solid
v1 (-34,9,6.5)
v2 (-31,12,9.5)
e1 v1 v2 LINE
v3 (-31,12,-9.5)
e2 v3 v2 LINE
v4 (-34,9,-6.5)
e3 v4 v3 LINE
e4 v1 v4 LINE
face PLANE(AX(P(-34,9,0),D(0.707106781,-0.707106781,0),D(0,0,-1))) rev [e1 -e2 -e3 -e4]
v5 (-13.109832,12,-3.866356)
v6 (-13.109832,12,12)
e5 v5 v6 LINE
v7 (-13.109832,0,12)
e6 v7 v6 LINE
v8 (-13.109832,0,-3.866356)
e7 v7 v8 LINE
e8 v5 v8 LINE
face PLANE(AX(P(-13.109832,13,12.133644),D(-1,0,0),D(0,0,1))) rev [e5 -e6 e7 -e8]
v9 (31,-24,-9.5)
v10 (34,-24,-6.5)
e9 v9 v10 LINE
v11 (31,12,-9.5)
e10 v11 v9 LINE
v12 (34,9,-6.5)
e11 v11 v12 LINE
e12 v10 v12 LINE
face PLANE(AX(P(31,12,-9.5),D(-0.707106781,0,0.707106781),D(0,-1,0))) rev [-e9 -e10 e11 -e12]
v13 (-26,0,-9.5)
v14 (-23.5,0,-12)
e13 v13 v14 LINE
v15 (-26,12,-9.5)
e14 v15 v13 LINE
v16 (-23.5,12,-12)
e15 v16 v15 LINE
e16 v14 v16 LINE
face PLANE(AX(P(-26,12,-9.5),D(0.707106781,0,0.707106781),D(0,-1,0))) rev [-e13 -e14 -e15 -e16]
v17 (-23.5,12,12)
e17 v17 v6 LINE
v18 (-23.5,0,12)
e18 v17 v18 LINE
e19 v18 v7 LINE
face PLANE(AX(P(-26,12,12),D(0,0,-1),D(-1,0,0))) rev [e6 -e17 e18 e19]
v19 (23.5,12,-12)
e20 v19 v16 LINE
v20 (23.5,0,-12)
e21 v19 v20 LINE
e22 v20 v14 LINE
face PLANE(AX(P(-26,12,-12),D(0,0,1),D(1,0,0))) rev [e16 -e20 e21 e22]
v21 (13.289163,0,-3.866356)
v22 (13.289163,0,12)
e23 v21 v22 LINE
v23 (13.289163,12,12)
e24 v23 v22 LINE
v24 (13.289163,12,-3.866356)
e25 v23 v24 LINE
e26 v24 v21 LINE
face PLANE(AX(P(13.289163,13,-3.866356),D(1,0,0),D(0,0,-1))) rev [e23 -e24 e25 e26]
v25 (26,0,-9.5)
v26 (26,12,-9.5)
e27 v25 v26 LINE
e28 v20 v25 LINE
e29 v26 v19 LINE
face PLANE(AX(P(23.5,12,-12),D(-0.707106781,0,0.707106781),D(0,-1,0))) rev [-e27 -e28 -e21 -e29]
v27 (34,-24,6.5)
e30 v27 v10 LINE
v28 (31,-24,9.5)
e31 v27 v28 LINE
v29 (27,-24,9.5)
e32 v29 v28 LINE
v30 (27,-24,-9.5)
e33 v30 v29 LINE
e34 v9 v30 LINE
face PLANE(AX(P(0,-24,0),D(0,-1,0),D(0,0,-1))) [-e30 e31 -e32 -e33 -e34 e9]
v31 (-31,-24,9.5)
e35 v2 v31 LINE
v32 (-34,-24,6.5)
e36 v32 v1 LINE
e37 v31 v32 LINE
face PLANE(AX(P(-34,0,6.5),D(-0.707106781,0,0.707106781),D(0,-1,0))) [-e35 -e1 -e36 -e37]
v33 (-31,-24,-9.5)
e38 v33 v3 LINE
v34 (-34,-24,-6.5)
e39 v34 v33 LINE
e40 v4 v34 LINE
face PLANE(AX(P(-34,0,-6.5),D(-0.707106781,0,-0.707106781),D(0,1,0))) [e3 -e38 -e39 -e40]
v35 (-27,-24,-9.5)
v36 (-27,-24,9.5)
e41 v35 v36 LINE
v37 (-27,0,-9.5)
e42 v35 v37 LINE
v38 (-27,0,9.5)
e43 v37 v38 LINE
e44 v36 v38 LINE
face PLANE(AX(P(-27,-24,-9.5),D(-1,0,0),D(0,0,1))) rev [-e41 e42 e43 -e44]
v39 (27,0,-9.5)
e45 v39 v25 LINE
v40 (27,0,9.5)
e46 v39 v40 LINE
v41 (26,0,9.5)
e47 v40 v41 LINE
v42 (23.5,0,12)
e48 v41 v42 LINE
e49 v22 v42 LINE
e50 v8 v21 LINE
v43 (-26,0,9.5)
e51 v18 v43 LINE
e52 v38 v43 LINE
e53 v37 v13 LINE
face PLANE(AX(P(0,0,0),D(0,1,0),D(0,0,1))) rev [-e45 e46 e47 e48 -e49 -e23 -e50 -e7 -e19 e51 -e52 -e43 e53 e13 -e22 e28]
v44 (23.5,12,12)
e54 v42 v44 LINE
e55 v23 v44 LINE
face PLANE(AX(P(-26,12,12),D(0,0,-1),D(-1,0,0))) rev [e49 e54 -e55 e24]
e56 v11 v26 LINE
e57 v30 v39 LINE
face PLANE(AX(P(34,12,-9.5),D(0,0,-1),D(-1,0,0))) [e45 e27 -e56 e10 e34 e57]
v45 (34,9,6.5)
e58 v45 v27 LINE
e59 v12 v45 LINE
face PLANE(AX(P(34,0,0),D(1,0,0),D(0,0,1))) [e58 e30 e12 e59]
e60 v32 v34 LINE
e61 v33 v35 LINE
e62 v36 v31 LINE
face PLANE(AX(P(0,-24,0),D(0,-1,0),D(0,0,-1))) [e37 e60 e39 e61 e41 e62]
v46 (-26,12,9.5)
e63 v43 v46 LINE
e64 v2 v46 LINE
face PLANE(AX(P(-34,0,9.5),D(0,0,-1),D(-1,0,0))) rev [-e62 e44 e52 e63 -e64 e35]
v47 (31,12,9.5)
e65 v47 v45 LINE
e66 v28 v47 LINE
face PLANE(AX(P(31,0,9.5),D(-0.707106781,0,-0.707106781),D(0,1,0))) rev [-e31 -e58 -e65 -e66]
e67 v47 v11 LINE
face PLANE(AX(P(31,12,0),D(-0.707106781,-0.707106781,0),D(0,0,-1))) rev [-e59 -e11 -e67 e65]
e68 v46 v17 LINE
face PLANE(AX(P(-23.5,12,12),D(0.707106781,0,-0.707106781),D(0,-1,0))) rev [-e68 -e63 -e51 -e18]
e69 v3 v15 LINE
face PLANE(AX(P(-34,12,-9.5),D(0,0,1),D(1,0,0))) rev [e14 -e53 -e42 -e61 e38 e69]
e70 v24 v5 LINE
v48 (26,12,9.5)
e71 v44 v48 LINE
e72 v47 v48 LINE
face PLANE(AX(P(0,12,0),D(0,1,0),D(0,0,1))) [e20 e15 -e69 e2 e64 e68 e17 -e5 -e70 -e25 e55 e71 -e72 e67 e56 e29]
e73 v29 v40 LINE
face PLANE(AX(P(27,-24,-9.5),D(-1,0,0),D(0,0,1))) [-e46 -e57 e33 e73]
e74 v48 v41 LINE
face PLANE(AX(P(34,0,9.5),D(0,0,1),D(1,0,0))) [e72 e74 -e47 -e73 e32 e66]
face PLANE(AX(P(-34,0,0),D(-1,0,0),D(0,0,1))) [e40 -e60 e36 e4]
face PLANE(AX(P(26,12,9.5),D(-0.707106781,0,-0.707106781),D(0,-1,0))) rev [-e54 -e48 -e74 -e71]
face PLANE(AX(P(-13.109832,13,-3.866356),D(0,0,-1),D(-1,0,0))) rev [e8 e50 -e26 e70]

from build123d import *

# Parameters (mm, degrees)
SKETCH1_W                = 52
SKETCH1_H                = 24
SKETCH1_R                = 8.25
BOSS_EXTRUDE1_DEPTH      = 12
SKETCH2_R                = 1
CUT_EXTRUDE1_DEPTH       = 32.048349393
SKETCH3_R                = 1.75
CUT_EXTRUDE2_DEPTH       = 1
CUT_EXTRUDE3_DEPTH       = 5
FILLET3_R                = 0.5
CHAMFER1_SIZE            = 2.5
SKETCH5_W                = 19
SKETCH5_H                = 12
BOSS_EXTRUDE2_DEPTH      = 8
SKETCH6_W                = 7
SKETCH6_H                = 19
BOSS_EXTRUDE3_DEPTH      = 24
CHAMFER2_SIZE            = 3
CHAMFER2_OF_MIRROR1_SIZE = 3
SKETCH7_W                = 14
SKETCH7_H                = 8
CUT_EXTRUDE4_DEPTH       = 5
FILLET4_R                = 0.5
BOSS_EXTRUDE4_DEPTH      = 12
SKETCH9_W                = 26.398994769
SKETCH9_H                = 16
CUT_EXTRUDE5_DEPTH       = 13


with BuildPart() as part:
    # Sketch1 → Boss-Extrude1 (new body)
    with BuildSketch(Plane(origin=(0, 0, 0), x_dir=(1, 0, 0), z_dir=(0, 1, 0))):
        Rectangle(SKETCH1_W, SKETCH1_H)
        with Locations(Location((12.75, 0, 0), (0, 0, 270))):
            Circle(SKETCH1_R, mode=Mode.SUBTRACT)
        with Locations(Location((-12.75, 0, 0), (0, 0, 270))):
            Circle(SKETCH1_R, mode=Mode.SUBTRACT)
    extrude(amount=BOSS_EXTRUDE1_DEPTH)

    # Sketch2 → Cut-Extrude1 (cut, through all)
    with BuildSketch(Plane(origin=(0, 12, 0), x_dir=(1, 0, 0), z_dir=(0, 1, 0))):
        with Locations(Location((-21.35, 8.85, 0), (0, 0, 270))):
            Circle(SKETCH2_R)
        with Locations(Location((21.35, 8.85, 0), (0, 0, 270))):
            Circle(SKETCH2_R)
        with Locations(Location((21.35, -8.85, 0), (0, 0, 270))):
            Circle(SKETCH2_R)
        with Locations(Location((-21.35, -8.85, 0), (0, 0, 270))):
            Circle(SKETCH2_R)
    extrude(amount=-CUT_EXTRUDE1_DEPTH, mode=Mode.SUBTRACT)

    # Sketch3 → Cut-Extrude2 (cut)
    with BuildSketch(Plane(origin=(0, 12, 0), x_dir=(1, 0, 0), z_dir=(0, 1, 0))):
        with Locations(Location((-21.35, 8.85, 0), (0, 0, 270))):
            Circle(SKETCH3_R)
        with Locations(Location((21.35, 8.85, 0), (0, 0, 270))):
            Circle(SKETCH3_R)
        with Locations(Location((21.35, -8.85, 0), (0, 0, 270))):
            Circle(SKETCH3_R)
        with Locations(Location((-21.35, -8.85, 0), (0, 0, 270))):
            Circle(SKETCH3_R)
    extrude(amount=-CUT_EXTRUDE2_DEPTH, mode=Mode.SUBTRACT)

    # Sketch4 → Cut-Extrude3 (cut)
    with BuildSketch(Plane.XZ):
        Polygon((-6, -5), (-6, -12), (6, -12), (6, -5), (0, -5), align=None)
    extrude(amount=-CUT_EXTRUDE3_DEPTH, mode=Mode.SUBTRACT)

    # Fillet3
    fillet3_edges = [part.edges().sort_by_distance(p)[0] for p in [
        (-6, 2.5, -5),
        (6, 5, -8.5),
        (6, 2.5, -5),
        (-6, 5, -8.5),
        (0, 5, -5),
    ]]
    fillet(fillet3_edges, radius=FILLET3_R)

    # Chamfer1
    chamfer1_edges = [part.edges().sort_by_distance(p)[0] for p in [
        (26, 6, 12),
        (-26, 6, 12),
        (-26, 6, -12),
        (26, 6, -12),
    ]]
    chamfer(chamfer1_edges, length=CHAMFER1_SIZE)

    # Sketch5 → Boss-Extrude2 (add)
    with BuildSketch(Plane.ZY.offset(26)):
        with Locations((0, 6)):
            Rectangle(SKETCH5_W, SKETCH5_H)
    boss_extrude2 = extrude(amount=BOSS_EXTRUDE2_DEPTH)

    # Sketch6 → Boss-Extrude3 (add)
    with BuildSketch(Plane.XZ):
        with Locations((-30.5, 0)):
            Rectangle(SKETCH6_W, SKETCH6_H)
    boss_extrude3 = extrude(amount=BOSS_EXTRUDE3_DEPTH)

    # Chamfer2
    chamfer2_edges = [part.edges().sort_by_distance(p)[0] for p in [
        (-34, -6, 9.5),
        (-34, 12, 0),
        (-34, -6, -9.5),
    ]]
    chamfer(chamfer2_edges, length=CHAMFER2_SIZE)

    # Mirror1: Boss-Extrude2, Boss-Extrude3 across plane
    add(boss_extrude2.mirror(Plane(origin=(0, 0, 0), x_dir=(0, 0, 1), z_dir=(1, 0, 0))))
    add(boss_extrude3.mirror(Plane(origin=(0, 0, 0), x_dir=(0, 0, 1), z_dir=(1, 0, 0))))

    # Chamfer2 of Mirror1
    chamfer2_of_mirror1_edges = [part.edges().sort_by_distance(p)[0] for p in [
        (34, -6, 9.5),
        (34, 12, 0),
        (34, -6, -9.5),
    ]]
    chamfer(chamfer2_of_mirror1_edges, length=CHAMFER2_OF_MIRROR1_SIZE)

    # Sketch7 → Cut-Extrude4 (cut)
    with BuildSketch(Plane.XZ):
        with Locations((0, 12)):
            Rectangle(SKETCH7_W, SKETCH7_H)
    extrude(amount=-CUT_EXTRUDE4_DEPTH, mode=Mode.SUBTRACT)

    # Fillet4
    fillet4_edges = [part.edges().sort_by_distance(p)[0] for p in [
        (-7, 2.5, 8),
        (7, 5, 10),
        (0, 5, 8),
        (-7, 5, 10),
        (7, 2.5, 8),
    ]]
    fillet(fillet4_edges, radius=FILLET4_R)

    # Sketch8 → Boss-Extrude4 (add)
    with BuildSketch(Plane.XZ):
        Polygon((-7, 12), (7, 12), (23.5, 12), (26, 9.5), (27, 9.5), (27, -9.5), (26, -9.5), (23.5, -12), (6, -12), (-6, -12), (-23.5, -12), (-26, -9.5), (-27, -9.5), (-27, 9.5), (-26, 9.5), (-23.5, 12), align=None)
    extrude(amount=-BOSS_EXTRUDE4_DEPTH)

    # Sketch9 → Cut-Extrude5 (cut)
    with BuildSketch(Plane.XZ):
        with Locations((0.089665153, 4.133644411)):
            Rectangle(SKETCH9_W, SKETCH9_H)
    extrude(amount=-CUT_EXTRUDE5_DEPTH, mode=Mode.SUBTRACT)


solid = part.part
